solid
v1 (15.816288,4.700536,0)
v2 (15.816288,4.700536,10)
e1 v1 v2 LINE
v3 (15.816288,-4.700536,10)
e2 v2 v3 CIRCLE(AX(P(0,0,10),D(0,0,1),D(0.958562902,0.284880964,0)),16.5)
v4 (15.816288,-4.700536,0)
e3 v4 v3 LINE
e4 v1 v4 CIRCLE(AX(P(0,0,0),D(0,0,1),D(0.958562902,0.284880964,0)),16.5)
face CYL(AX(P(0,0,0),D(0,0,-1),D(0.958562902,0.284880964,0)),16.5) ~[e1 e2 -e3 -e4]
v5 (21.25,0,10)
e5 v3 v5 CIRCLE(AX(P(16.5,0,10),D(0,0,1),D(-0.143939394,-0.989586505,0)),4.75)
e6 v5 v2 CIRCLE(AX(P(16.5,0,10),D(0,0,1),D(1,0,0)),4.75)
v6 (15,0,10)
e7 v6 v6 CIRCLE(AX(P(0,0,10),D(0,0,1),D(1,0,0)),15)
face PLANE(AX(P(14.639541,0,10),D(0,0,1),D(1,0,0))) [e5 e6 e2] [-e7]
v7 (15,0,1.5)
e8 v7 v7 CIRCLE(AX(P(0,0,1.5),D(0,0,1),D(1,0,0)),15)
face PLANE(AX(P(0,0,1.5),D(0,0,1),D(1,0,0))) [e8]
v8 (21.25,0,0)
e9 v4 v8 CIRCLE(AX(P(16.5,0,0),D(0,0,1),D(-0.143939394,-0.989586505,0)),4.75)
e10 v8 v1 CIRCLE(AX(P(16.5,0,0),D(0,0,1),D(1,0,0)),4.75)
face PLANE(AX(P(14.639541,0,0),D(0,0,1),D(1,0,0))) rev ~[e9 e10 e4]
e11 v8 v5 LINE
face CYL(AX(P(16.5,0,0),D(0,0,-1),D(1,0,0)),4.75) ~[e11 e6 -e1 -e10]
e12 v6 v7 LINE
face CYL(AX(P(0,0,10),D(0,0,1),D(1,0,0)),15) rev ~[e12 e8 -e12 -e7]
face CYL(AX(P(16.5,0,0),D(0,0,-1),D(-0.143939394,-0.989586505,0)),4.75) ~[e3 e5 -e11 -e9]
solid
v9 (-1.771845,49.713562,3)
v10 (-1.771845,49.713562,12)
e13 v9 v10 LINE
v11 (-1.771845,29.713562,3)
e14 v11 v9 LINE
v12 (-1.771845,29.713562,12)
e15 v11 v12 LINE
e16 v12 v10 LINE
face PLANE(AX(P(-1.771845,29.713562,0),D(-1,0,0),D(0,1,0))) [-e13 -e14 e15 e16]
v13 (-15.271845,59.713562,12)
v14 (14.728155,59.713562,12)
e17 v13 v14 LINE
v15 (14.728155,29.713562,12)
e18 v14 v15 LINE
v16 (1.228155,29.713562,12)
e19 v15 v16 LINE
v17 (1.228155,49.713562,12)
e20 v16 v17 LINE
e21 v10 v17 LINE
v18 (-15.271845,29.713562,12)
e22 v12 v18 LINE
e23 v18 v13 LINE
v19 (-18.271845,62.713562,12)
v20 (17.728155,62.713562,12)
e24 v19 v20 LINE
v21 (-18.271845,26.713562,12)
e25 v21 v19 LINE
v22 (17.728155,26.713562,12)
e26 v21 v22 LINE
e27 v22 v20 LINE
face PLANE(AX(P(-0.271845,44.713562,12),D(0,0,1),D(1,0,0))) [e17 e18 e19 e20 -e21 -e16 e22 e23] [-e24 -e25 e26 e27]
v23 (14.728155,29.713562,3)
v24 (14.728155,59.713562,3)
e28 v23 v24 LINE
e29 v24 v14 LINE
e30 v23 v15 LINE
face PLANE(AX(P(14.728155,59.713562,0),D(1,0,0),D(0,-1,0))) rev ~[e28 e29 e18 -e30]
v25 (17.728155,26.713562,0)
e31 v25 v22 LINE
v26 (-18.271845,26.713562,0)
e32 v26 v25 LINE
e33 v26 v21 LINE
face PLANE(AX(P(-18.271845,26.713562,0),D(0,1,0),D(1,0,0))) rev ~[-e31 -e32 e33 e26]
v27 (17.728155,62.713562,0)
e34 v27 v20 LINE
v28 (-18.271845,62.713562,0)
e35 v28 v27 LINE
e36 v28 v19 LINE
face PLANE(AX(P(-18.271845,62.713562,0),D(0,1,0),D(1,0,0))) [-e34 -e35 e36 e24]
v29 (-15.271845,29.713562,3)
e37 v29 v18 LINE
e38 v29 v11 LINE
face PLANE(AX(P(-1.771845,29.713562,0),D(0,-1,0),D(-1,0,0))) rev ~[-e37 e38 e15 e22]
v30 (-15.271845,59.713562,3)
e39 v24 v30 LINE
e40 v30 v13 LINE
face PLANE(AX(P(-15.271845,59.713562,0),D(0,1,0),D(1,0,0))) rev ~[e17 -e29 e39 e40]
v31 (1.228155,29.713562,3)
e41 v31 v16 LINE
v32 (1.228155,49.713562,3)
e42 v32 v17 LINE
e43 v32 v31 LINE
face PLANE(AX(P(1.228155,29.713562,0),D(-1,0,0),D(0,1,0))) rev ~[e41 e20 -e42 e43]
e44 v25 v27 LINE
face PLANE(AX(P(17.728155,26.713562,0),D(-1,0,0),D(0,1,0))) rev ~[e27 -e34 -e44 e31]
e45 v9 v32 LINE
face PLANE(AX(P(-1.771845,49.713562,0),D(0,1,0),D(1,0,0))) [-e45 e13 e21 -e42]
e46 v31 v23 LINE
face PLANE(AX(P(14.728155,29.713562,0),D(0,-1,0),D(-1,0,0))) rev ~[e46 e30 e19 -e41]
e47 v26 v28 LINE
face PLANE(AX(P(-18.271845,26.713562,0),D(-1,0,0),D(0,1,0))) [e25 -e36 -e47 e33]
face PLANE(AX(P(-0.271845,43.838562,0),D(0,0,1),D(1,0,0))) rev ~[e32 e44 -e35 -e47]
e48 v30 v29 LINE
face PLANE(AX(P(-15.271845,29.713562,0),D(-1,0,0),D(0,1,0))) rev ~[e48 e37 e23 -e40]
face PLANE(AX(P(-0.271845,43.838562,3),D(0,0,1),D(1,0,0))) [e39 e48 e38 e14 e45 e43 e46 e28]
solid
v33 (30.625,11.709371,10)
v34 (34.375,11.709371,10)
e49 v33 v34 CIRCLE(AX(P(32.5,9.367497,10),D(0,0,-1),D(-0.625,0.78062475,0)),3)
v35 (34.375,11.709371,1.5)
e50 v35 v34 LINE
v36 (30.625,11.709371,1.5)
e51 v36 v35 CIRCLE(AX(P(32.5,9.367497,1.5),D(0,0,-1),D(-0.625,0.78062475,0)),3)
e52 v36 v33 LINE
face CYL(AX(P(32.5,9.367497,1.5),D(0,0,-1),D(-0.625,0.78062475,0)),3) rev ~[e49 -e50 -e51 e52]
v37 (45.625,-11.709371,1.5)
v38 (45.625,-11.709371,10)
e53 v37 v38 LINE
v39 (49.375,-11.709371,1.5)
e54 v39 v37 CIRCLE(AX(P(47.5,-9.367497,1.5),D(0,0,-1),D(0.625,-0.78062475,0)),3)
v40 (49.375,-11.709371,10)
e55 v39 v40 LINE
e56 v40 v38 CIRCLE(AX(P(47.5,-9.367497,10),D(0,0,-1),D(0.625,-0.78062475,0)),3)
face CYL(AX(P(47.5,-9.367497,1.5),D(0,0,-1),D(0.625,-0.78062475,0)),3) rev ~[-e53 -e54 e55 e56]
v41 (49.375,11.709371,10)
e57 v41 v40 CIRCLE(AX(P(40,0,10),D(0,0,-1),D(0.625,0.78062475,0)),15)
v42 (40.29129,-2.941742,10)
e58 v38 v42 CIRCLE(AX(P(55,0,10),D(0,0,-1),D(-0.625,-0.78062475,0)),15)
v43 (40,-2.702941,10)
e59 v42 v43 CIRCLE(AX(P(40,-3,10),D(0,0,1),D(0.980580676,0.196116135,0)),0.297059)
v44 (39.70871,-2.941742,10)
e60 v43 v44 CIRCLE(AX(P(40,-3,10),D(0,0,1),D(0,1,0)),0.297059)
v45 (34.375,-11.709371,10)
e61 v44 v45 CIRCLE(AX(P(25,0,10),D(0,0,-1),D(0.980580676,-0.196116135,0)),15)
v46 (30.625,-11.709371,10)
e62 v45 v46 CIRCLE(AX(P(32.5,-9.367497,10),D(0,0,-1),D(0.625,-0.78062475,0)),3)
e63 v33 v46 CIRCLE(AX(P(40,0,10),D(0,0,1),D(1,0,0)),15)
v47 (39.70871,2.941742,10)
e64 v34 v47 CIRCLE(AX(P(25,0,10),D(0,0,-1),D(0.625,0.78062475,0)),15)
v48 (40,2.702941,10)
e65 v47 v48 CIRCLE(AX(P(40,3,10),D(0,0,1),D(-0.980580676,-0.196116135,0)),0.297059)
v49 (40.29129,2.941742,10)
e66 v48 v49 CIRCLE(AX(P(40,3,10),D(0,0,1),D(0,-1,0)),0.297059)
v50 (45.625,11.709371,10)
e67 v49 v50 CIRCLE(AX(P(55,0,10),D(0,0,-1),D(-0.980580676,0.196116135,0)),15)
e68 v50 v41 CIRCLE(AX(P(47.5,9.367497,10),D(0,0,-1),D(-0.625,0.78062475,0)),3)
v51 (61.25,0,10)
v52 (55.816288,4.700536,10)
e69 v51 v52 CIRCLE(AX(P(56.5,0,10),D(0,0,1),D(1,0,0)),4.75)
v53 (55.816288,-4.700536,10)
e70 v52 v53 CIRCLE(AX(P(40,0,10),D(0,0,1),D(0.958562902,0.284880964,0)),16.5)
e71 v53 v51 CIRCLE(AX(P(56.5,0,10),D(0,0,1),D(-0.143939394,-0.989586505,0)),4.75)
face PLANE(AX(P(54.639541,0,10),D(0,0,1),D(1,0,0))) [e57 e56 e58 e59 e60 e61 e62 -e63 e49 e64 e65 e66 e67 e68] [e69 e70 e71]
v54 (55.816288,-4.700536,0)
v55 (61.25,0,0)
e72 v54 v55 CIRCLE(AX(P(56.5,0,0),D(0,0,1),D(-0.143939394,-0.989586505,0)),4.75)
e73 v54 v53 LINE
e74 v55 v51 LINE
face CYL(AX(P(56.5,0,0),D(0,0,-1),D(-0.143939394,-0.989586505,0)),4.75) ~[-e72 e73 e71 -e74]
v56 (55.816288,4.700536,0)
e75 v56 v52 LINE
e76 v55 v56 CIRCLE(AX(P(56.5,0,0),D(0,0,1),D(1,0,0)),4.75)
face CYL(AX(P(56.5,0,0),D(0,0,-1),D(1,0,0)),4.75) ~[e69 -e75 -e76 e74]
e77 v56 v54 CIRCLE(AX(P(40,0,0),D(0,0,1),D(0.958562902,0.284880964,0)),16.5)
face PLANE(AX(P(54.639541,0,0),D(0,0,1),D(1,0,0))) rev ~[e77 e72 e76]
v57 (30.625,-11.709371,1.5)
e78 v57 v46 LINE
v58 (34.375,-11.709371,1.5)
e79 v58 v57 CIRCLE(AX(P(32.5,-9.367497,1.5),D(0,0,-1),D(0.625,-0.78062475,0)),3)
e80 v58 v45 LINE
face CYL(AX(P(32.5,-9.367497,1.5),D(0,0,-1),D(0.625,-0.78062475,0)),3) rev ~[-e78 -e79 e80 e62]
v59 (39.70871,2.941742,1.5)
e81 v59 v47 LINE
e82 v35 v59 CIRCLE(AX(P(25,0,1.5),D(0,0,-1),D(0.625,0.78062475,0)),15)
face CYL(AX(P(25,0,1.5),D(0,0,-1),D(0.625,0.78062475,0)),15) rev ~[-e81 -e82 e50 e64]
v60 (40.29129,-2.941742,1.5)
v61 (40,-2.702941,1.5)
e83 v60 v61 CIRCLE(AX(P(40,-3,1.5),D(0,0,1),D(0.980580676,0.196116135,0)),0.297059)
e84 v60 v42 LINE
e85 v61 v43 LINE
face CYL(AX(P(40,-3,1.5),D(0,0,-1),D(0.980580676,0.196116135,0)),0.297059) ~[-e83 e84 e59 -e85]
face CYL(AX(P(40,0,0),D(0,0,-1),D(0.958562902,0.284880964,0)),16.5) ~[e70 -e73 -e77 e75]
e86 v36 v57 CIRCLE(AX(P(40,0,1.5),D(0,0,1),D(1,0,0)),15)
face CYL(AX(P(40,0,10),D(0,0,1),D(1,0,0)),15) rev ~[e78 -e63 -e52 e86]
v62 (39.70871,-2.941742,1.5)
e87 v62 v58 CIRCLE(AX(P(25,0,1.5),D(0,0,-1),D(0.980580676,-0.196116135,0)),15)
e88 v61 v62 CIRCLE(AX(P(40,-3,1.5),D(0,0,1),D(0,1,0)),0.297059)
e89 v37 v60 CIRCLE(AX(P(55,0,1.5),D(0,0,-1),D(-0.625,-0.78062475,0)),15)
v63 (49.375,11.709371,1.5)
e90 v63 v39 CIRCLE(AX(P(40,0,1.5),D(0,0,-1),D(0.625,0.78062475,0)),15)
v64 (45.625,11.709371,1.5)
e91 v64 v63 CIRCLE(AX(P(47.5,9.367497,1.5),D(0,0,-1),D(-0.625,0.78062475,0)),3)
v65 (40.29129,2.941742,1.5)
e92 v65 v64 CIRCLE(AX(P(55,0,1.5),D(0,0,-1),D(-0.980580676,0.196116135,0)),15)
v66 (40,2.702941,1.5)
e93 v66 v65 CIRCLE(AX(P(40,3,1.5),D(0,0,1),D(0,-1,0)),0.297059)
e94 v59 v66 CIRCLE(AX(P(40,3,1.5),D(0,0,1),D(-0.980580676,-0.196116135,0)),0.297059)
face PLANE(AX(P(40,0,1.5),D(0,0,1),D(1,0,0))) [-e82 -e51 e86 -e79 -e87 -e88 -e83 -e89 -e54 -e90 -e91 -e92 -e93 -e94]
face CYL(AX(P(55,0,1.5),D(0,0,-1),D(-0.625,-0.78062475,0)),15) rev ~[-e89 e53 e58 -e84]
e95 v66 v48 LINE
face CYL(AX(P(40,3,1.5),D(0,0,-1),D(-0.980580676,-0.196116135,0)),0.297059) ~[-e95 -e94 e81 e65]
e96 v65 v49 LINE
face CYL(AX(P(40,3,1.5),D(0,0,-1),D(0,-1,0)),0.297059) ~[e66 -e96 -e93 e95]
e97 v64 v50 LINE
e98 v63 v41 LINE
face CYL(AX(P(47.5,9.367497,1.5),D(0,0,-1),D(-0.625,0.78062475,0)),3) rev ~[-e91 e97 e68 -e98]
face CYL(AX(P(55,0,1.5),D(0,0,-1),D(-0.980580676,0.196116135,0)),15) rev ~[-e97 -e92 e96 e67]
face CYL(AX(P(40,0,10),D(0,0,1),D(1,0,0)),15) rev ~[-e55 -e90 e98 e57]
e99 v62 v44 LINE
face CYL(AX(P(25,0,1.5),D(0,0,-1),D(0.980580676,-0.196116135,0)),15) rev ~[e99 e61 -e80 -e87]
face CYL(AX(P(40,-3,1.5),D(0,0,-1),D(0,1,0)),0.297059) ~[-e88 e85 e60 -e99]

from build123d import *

# Parameters (mm, degrees)
F1_DEPTH  = 10
F3_R      = 15
F4_DEPTH  = 8.5
F7_DEPTH  = 8.5
F8_W      = 36
F8_H      = 36
F8_W_2    = 3
F8_H_2    = 20
F9_DEPTH  = 12
F10_DEPTH = 3


with BuildPart() as f1:
    # F0 (on Top) → F1 (new body)
    with BuildSketch(Plane.XY):
        with BuildLine():
            ThreePointArc((15.8162878788, -4.7005358987), (16.3281773325, -2.375), (16.5, 0))
            ThreePointArc((16.5, 0), (16.3281773325, 2.375), (15.8162878788, 4.7005358987))
            ThreePointArc((15.8162878788, 4.7005358987), (11.75, 0), (15.8162878788, -4.7005358987))
        make_face()
        with BuildLine():
            ThreePointArc((15.8162878788, 4.7005358987), (16.3281773325, 2.375), (16.5, 0))
            ThreePointArc((16.5, 0), (16.3281773325, -2.375), (15.8162878788, -4.7005358987))
            ThreePointArc((15.8162878788, -4.7005358987), (19.6076411814, -3.5923622156), (21.25, 0))
            ThreePointArc((21.25, 0), (19.6076411814, 3.5923622156), (15.8162878788, 4.7005358987))
        make_face()
        with BuildLine():
            ThreePointArc((15.8162878788, -4.7005358987), (11.75, 0), (15.8162878788, 4.7005358987))
            ThreePointArc((15.8162878788, 4.7005358987), (-16.5, 0), (15.8162878788, -4.7005358987))
        make_face()
    extrude(amount=F1_DEPTH)

    # F3 (on face) → F4 (cut, through all)
    with BuildSketch(Plane.XY.offset(10)):
        Circle(F3_R)
    extrude(amount=-F4_DEPTH, mode=Mode.SUBTRACT)


with BuildPart() as f5_1:
    # F5: copy of F1
    add(f1.part.moved(Location((40, 0, 0))))

    # F6 (on face) → F7 (join, through all)
    with BuildSketch(Plane.XY.offset(1.5)):
        with BuildLine():
            ThreePointArc((34.375, 11.709371247), (37.8149952792, 7.7958896859), (39.7087101354, 2.9417420271))
            ThreePointArc((39.7087101354, 2.9417420271), (39.8116681808, 2.770272112), (40, 2.7029414592))
            ThreePointArc((40, 2.7029414592), (40.1883318192, 2.770272112), (40.2912898646, 2.9417420271))
            ThreePointArc((40.2912898646, 2.9417420271), (42.1850047208, 7.7958896859), (45.625, 11.709371247))
            ThreePointArc((45.625, 11.709371247), (47.5, 12.3674969976), (49.375, 11.709371247))
            ThreePointArc((49.375, 11.709371247), (40, 15), (30.625, 11.709371247))
            ThreePointArc((30.625, 11.709371247), (32.5, 12.3674969976), (34.375, 11.709371247))
        make_face()
        with BuildLine():
            ThreePointArc((34.375, -11.709371247), (32.5, -12.3674969976), (30.625, -11.709371247))
            ThreePointArc((30.625, -11.709371247), (40, -15), (49.375, -11.709371247))
            ThreePointArc((49.375, -11.709371247), (47.5, -12.3674969976), (45.625, -11.709371247))
            ThreePointArc((45.625, -11.709371247), (42.1850047208, -7.7958896859), (40.2912898646, -2.9417420271))
            ThreePointArc((40.2912898646, -2.9417420271), (40.1883318192, -2.770272112), (40, -2.7029414592))
            ThreePointArc((40, -2.7029414592), (39.8116681808, -2.770272112), (39.7087101354, -2.9417420271))
            ThreePointArc((39.7087101354, -2.9417420271), (37.8149952792, -7.7958896859), (34.375, -11.709371247))
        make_face()
    extrude(amount=F7_DEPTH)


with BuildPart() as f9:
    # F8 (on Top) → F9 (new body)
    with BuildSketch(Plane.XY):
        with Locations((-0.2718451433, 44.7135615996)):
            Rectangle(F8_W, F8_H)
        Polygon((-15.2718451433, 29.7135615996), (-15.2718451433, 59.7135615996), (14.7281548567, 59.7135615996), (14.7281548567, 29.7135615996), (1.2281548567, 29.7135615996), (-1.7718451433, 29.7135615996), align=None, mode=Mode.SUBTRACT)
        with Locations((-0.2718451433, 39.7135615996)):
            Rectangle(F8_W_2, F8_H_2)
    extrude(amount=F9_DEPTH)

    # F8 (on Top) → F10 (join)
    with BuildSketch(Plane.XY):
        Polygon((14.7281548567, 59.7135615996), (-15.2718451433, 59.7135615996), (-15.2718451433, 29.7135615996), (-1.7718451433, 29.7135615996), (-1.7718451433, 49.7135615996), (1.2281548567, 49.7135615996), (1.2281548567, 29.7135615996), (14.7281548567, 29.7135615996), align=None)
    extrude(amount=F10_DEPTH)


solid = Compound([f1.part, f5_1.part, f9.part])
